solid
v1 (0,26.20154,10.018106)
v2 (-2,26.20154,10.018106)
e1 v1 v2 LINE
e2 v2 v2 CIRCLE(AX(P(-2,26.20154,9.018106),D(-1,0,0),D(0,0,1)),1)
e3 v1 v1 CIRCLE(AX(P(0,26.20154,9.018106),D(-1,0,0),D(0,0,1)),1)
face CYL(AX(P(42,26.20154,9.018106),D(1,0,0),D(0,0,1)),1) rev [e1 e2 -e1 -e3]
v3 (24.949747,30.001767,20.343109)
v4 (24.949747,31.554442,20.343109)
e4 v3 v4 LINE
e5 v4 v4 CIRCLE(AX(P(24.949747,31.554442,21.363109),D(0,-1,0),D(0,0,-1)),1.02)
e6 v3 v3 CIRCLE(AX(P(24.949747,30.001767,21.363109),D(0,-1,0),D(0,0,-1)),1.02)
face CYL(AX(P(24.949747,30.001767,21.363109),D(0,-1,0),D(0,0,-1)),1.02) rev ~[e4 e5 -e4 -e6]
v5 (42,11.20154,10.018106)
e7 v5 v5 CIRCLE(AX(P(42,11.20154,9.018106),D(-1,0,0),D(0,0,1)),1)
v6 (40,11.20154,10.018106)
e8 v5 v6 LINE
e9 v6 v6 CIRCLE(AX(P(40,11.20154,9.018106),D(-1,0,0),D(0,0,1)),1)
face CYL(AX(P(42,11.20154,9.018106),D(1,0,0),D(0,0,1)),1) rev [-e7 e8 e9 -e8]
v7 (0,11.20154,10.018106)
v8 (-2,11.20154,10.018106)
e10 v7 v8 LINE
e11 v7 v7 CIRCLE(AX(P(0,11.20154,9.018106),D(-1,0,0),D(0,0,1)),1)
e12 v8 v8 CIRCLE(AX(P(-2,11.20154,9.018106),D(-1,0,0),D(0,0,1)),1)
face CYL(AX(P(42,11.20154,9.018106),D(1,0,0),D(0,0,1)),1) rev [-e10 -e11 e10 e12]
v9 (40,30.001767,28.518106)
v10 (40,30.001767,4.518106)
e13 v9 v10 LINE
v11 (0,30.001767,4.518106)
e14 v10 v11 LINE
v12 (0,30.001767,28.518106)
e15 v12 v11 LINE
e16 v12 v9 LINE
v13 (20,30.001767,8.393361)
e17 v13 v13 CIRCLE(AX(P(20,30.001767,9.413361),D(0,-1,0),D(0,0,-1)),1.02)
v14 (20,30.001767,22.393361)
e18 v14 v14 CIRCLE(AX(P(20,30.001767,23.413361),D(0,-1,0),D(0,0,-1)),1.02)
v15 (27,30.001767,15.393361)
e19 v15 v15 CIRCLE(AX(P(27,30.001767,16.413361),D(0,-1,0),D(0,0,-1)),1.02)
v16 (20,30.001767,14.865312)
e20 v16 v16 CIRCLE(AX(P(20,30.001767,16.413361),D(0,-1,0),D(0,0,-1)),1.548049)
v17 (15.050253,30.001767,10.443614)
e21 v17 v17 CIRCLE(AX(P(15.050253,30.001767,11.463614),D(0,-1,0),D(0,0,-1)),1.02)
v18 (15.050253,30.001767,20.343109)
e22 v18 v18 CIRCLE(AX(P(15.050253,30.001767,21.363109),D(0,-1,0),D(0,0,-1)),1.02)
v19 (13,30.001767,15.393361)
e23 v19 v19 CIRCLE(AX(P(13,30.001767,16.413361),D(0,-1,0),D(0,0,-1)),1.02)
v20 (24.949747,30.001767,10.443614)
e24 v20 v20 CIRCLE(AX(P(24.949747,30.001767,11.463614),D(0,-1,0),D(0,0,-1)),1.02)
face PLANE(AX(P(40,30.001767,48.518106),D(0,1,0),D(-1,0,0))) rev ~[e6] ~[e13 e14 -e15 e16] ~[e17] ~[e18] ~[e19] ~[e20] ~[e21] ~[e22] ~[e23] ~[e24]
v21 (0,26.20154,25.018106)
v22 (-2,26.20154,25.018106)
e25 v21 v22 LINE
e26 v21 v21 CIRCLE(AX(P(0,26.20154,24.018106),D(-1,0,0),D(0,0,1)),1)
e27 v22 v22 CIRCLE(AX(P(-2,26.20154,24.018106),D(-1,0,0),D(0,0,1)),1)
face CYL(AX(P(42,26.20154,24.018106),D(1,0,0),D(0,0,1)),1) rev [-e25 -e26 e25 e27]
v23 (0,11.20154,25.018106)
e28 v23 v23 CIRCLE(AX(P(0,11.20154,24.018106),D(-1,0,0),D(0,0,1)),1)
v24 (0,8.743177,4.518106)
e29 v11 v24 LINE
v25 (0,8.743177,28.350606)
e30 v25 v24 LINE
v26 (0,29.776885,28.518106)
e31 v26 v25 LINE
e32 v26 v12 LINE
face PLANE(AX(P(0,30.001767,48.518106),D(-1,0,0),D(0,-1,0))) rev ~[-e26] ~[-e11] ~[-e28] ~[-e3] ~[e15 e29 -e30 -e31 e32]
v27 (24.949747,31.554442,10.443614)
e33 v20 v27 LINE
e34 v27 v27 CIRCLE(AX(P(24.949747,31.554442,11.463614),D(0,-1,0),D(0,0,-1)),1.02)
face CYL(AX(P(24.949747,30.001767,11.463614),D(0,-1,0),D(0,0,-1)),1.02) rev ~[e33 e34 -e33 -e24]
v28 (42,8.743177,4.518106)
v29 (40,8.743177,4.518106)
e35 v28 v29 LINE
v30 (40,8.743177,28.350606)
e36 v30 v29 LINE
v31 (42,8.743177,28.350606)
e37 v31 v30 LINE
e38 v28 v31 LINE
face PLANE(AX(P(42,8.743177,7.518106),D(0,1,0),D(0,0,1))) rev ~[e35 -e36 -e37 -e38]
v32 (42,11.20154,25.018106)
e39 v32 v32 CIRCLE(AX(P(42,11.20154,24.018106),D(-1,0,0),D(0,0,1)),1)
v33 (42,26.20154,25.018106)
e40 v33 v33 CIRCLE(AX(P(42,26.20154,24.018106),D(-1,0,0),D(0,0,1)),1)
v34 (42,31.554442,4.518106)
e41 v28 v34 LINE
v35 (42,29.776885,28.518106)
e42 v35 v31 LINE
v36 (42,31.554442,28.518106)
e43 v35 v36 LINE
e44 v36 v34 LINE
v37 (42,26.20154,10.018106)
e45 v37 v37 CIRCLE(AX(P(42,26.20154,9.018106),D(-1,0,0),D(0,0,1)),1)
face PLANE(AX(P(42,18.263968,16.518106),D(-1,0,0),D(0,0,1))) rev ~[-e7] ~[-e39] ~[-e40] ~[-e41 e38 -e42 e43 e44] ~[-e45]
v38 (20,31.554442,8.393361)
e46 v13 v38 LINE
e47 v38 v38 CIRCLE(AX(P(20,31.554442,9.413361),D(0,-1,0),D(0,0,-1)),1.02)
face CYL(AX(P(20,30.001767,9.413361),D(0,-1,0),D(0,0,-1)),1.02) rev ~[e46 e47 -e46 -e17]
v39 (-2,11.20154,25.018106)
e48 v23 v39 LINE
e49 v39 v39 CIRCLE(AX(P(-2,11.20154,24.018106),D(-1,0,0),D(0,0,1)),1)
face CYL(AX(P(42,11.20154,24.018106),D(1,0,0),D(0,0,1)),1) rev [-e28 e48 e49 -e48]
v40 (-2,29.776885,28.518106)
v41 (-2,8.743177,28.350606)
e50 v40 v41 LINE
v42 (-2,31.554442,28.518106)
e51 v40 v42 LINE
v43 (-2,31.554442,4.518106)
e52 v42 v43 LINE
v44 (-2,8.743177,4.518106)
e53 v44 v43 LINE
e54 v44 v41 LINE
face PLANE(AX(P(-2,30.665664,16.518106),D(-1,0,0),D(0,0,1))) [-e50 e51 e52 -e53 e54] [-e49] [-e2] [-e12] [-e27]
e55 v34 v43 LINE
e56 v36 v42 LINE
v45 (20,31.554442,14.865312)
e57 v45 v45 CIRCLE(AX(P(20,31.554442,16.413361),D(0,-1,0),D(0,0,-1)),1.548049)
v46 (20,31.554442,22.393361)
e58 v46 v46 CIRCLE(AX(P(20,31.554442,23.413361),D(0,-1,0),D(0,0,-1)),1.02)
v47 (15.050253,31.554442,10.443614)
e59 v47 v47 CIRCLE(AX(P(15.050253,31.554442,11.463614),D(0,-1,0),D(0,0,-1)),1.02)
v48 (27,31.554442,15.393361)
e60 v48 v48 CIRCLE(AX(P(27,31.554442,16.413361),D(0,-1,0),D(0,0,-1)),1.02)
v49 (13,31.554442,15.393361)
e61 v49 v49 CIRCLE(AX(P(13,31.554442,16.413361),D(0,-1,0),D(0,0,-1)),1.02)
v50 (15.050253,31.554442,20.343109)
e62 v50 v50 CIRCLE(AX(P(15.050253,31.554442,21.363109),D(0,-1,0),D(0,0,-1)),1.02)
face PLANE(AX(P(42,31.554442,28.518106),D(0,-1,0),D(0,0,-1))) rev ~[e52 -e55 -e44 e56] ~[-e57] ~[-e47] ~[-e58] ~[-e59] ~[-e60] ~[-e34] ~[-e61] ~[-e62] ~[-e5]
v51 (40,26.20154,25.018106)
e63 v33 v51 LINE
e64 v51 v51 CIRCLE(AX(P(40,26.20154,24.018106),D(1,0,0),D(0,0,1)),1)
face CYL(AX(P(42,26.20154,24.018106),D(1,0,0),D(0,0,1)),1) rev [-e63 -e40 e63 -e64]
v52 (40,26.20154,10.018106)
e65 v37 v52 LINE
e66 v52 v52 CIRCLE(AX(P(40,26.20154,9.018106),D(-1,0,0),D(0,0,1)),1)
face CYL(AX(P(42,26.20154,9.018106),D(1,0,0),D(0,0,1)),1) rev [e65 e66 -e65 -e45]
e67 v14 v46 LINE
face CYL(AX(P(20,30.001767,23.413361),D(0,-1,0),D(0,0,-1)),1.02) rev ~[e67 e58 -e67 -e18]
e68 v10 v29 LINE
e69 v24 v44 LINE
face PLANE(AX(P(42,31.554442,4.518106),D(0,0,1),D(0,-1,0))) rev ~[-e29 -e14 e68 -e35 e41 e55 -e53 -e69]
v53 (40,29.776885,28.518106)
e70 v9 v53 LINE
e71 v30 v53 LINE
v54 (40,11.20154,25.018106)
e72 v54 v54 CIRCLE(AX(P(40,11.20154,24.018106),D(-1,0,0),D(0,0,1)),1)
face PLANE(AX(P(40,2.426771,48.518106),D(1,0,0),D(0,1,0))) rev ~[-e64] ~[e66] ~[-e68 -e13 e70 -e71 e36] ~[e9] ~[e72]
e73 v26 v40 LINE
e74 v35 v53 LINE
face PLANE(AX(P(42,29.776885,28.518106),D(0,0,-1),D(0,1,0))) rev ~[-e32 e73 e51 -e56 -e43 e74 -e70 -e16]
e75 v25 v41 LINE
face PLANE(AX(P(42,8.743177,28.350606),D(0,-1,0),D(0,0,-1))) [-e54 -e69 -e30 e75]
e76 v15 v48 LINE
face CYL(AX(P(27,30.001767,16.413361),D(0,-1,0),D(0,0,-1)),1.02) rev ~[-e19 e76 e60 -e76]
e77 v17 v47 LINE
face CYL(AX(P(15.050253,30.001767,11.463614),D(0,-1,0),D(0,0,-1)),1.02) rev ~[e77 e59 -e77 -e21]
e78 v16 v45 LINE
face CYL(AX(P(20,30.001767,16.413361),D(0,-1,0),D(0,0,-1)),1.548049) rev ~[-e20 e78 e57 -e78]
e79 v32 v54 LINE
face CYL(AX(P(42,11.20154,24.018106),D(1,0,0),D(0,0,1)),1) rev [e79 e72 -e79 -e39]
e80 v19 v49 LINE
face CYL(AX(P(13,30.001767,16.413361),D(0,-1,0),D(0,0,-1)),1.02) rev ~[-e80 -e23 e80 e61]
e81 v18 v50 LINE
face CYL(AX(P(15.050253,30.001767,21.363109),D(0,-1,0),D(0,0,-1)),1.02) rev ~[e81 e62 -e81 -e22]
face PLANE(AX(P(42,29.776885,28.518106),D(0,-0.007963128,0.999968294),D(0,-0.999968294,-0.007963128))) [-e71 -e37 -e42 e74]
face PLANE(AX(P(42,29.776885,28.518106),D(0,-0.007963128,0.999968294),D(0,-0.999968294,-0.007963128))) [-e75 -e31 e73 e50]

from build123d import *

# Parameters (mm, degrees)
SKETCH_1_W               = 20
SKETCH_1_H               = 40
EXTRUDE_1_DEPTH          = 40
SKETCH_2_R               = 1
CUT_EXTRUDE_3_DEPTH      = 40
EXTRUDE_2_DEPTH          = 5
EXTRUDE_2_DEPTH_BACK     = 45
CHAMFER_1_SIZE           = 2
FILLET_1_R               = 1
SKETCH_5_R               = 3
EXTRUDE_3_DEPTH          = 50
EXTRUDE_4_DEPTH          = 1.5
EXTRUDE_4_DEPTH_BACK     = 53
SKETCH_7_R               = 3
SKETCH_12_W              = 1.5
SKETCH_12_H              = 6.856105301
CUT_EXTRUDE_6_DEPTH      = 25.5
EXTRUDE_START            = 6.5
SKETCH_9_R               = 3
EXTRUDE_7_DEPTH          = 6.5
EXTRUDE_9_DEPTH          = 2
EXTRUDE_9_DEPTH_BACK     = 42
SKETCH_13_R              = 1
CUT_EXTRUDE_8_DEPTH      = 42
CUT_EXTRUDE_8_DEPTH_BACK = 42
SKETCH_15_R              = 1.548049479
SKETCH_15_R_2            = 1.02
CUT_EXTRUDE_9_DEPTH      = 42


with BuildPart() as part:
    # ｽｹｯﾁ1 → ﾎﾞｽ - 押し出し1 (new body)
    with BuildSketch(Plane(origin=(0, 0, 0), x_dir=(0, 0, -1), z_dir=(1, 0, 0))):
        with Locations((-16.51810585, 9.247910864)):
            Rectangle(SKETCH_1_W, SKETCH_1_H)
    extrude(amount=EXTRUDE_1_DEPTH)

    # ｽｹｯﾁ2 → ｶｯﾄ - 押し出し3 (cut)
    with BuildSketch(Plane.ZY):
        with Locations((9.01810585, 26.201539891)):
            Circle(SKETCH_2_R)
        with Locations((9.01810585, 11.201539891)):
            Circle(SKETCH_2_R)
        with Locations((24.01810585, 11.201539891)):
            Circle(SKETCH_2_R)
        with Locations((24.01810585, 26.201539891)):
            Circle(SKETCH_2_R)
    extrude(amount=-CUT_EXTRUDE_3_DEPTH, mode=Mode.SUBTRACT)

    # ｽｹｯﾁ4 → ﾎﾞｽ - 押し出し2 (add, two sides: drawn at the far end of the back side and taken through both)
    with BuildSketch(Plane.ZY.offset(-EXTRUDE_2_DEPTH_BACK)):
        with BuildLine():
            ThreePointArc((16.51810585, -2.252089136), (17.578766021, -1.812749308), (18.01810585, -0.752089136))
            ThreePointArc((18.01810585, -0.752089136), (15.457445678, 0.308571035), (16.51810585, -2.252089136))
        make_face()
    extrude(amount=EXTRUDE_2_DEPTH + EXTRUDE_2_DEPTH_BACK)

    # 面取り1
    chamfer_1_edges = [part.edges().sort_by_distance(p)[0] for p in [
        (20, 29.247910864, 26.51810585),
        (20, 29.247910864, 6.51810585),
        (20, -10.752089136, 6.51810585),
        (20, -10.752089136, 26.51810585),
    ]]
    chamfer(chamfer_1_edges, length=CHAMFER_1_SIZE)

    # ﾌｨﾚｯﾄ1
    fillet_1_edges = [part.edges().sort_by_distance(p)[0] for p in [
        (0, 28.247910864, 25.51810585),
        (0, 29.247910864, 16.51810585),
        (0, 28.247910864, 7.51810585),
        (0, 9.247910864, 6.51810585),
        (0, -9.752089136, 7.51810585),
        (0, -10.752089136, 16.51810585),
        (0, -9.752089136, 25.51810585),
        (0, 9.247910864, 26.51810585),
        (40, -9.752089136, 7.51810585),
        (40, -10.752089136, 16.51810585),
        (40, -9.752089136, 25.51810585),
        (40, 9.247910864, 26.51810585),
        (40, 28.247910864, 25.51810585),
        (40, 29.247910864, 16.51810585),
        (40, 28.247910864, 7.51810585),
        (40, 9.247910864, 6.51810585),
    ]]
    fillet(fillet_1_edges, radius=FILLET_1_R)

    # ｽｹｯﾁ5 → ﾎﾞｽ - 押し出し3 (add)
    with BuildSketch(Plane.ZY.offset(5)):
        with Locations((16.51810585, -0.752089136)):
            Circle(SKETCH_5_R)
    extrude(amount=-EXTRUDE_3_DEPTH)

    # ｽｹｯﾁ7 → ﾎﾞｽ - 押し出し4 (add, two sides: drawn at the far end of the back side and taken through both)
    with BuildSketch(Plane.ZY.offset(5).offset(-EXTRUDE_4_DEPTH_BACK)):
        with Locations((16.51810585, -0.752089136)):
            Circle(SKETCH_7_R)
    extrude(amount=EXTRUDE_4_DEPTH + EXTRUDE_4_DEPTH_BACK)

    # ｽｹｯﾁ12 → ｶｯﾄ - 押し出し6 (cut)
    with BuildSketch(Plane.XY):
        with Locations((47.25, -0.324036486)):
            Rectangle(SKETCH_12_W, SKETCH_12_H)
    extrude(amount=CUT_EXTRUDE_6_DEPTH, mode=Mode.SUBTRACT)

    # ｽｹｯﾁ9 → ﾎﾞｽ - 押し出し7 (add)
    with BuildSketch(Plane.ZY.offset(EXTRUDE_START)):
        with Locations((16.51810585, -0.752089136)):
            Circle(SKETCH_9_R)
    extrude(amount=-EXTRUDE_7_DEPTH)

    # ｽｹｯﾁ13 → ﾎﾞｽ - 押し出し9 (add, two sides: drawn at the far end of the back side and taken through both)
    with BuildSketch(Plane.ZY.offset(-EXTRUDE_9_DEPTH_BACK)):
        Polygon((28.350606437, 8.743176741), (28.51810585, 29.776884849), (28.51810585, 31.554442305), (4.51810585, 31.554442305), (4.51810585, 8.743176741), align=None)
        with Locations((24.01810585, 26.201539891)):
            Circle(SKETCH_13_R, mode=Mode.SUBTRACT)
        with Locations((9.01810585, 11.201539891)):
            Circle(SKETCH_13_R, mode=Mode.SUBTRACT)
        with Locations((24.01810585, 11.201539891)):
            Circle(SKETCH_13_R, mode=Mode.SUBTRACT)
        with Locations((9.01810585, 26.201539891)):
            Circle(SKETCH_13_R, mode=Mode.SUBTRACT)
    extrude(amount=EXTRUDE_9_DEPTH + EXTRUDE_9_DEPTH_BACK)

    # ｽｹｯﾁ14 → ｶｯﾄ - 押し出し8 (cut, two sides: drawn at the far end of the back side and taken through both)
    with BuildSketch(Plane(origin=(0, 0, 6.51810585), x_dir=(-1, 0, 0), z_dir=(0, 0, -1)).offset(-CUT_EXTRUDE_8_DEPTH_BACK)):
        Polygon((-40, 2.426770895), (-40, 30.001767149), (0, 30.001767149), (0, 7.074046983), (16.825190811, 7.428599357), (20.42980661, -19.990117542), (-71.103797865, -17.153698552), (-61.176331402, 0), (-52.017061748, 5.892205738), align=None)
    extrude(amount=CUT_EXTRUDE_8_DEPTH + CUT_EXTRUDE_8_DEPTH_BACK, mode=Mode.SUBTRACT)

    # ｽｹｯﾁ15 → ｶｯﾄ - 押し出し9 (cut)
    with BuildSketch(Plane.XZ.offset(-30.001767149)):
        with Locations((20, 16.413361069)):
            Circle(SKETCH_15_R)
        with Locations((20, 23.413361069)):
            Circle(SKETCH_15_R_2)
        with Locations((15.050252532, 21.363108537)):
            Circle(SKETCH_15_R_2)
        with Locations((13, 16.413361069)):
            Circle(SKETCH_15_R_2)
        with Locations((15.050252532, 11.4636136)):
            Circle(SKETCH_15_R_2)
        with Locations((20, 9.413361069)):
            Circle(SKETCH_15_R_2)
        with Locations((24.949747468, 11.4636136)):
            Circle(SKETCH_15_R_2)
        with Locations((27, 16.413361069)):
            Circle(SKETCH_15_R_2)
        with Locations((24.949747468, 21.363108537)):
            Circle(SKETCH_15_R_2)
    extrude(amount=-CUT_EXTRUDE_9_DEPTH, mode=Mode.SUBTRACT)


solid = part.part
